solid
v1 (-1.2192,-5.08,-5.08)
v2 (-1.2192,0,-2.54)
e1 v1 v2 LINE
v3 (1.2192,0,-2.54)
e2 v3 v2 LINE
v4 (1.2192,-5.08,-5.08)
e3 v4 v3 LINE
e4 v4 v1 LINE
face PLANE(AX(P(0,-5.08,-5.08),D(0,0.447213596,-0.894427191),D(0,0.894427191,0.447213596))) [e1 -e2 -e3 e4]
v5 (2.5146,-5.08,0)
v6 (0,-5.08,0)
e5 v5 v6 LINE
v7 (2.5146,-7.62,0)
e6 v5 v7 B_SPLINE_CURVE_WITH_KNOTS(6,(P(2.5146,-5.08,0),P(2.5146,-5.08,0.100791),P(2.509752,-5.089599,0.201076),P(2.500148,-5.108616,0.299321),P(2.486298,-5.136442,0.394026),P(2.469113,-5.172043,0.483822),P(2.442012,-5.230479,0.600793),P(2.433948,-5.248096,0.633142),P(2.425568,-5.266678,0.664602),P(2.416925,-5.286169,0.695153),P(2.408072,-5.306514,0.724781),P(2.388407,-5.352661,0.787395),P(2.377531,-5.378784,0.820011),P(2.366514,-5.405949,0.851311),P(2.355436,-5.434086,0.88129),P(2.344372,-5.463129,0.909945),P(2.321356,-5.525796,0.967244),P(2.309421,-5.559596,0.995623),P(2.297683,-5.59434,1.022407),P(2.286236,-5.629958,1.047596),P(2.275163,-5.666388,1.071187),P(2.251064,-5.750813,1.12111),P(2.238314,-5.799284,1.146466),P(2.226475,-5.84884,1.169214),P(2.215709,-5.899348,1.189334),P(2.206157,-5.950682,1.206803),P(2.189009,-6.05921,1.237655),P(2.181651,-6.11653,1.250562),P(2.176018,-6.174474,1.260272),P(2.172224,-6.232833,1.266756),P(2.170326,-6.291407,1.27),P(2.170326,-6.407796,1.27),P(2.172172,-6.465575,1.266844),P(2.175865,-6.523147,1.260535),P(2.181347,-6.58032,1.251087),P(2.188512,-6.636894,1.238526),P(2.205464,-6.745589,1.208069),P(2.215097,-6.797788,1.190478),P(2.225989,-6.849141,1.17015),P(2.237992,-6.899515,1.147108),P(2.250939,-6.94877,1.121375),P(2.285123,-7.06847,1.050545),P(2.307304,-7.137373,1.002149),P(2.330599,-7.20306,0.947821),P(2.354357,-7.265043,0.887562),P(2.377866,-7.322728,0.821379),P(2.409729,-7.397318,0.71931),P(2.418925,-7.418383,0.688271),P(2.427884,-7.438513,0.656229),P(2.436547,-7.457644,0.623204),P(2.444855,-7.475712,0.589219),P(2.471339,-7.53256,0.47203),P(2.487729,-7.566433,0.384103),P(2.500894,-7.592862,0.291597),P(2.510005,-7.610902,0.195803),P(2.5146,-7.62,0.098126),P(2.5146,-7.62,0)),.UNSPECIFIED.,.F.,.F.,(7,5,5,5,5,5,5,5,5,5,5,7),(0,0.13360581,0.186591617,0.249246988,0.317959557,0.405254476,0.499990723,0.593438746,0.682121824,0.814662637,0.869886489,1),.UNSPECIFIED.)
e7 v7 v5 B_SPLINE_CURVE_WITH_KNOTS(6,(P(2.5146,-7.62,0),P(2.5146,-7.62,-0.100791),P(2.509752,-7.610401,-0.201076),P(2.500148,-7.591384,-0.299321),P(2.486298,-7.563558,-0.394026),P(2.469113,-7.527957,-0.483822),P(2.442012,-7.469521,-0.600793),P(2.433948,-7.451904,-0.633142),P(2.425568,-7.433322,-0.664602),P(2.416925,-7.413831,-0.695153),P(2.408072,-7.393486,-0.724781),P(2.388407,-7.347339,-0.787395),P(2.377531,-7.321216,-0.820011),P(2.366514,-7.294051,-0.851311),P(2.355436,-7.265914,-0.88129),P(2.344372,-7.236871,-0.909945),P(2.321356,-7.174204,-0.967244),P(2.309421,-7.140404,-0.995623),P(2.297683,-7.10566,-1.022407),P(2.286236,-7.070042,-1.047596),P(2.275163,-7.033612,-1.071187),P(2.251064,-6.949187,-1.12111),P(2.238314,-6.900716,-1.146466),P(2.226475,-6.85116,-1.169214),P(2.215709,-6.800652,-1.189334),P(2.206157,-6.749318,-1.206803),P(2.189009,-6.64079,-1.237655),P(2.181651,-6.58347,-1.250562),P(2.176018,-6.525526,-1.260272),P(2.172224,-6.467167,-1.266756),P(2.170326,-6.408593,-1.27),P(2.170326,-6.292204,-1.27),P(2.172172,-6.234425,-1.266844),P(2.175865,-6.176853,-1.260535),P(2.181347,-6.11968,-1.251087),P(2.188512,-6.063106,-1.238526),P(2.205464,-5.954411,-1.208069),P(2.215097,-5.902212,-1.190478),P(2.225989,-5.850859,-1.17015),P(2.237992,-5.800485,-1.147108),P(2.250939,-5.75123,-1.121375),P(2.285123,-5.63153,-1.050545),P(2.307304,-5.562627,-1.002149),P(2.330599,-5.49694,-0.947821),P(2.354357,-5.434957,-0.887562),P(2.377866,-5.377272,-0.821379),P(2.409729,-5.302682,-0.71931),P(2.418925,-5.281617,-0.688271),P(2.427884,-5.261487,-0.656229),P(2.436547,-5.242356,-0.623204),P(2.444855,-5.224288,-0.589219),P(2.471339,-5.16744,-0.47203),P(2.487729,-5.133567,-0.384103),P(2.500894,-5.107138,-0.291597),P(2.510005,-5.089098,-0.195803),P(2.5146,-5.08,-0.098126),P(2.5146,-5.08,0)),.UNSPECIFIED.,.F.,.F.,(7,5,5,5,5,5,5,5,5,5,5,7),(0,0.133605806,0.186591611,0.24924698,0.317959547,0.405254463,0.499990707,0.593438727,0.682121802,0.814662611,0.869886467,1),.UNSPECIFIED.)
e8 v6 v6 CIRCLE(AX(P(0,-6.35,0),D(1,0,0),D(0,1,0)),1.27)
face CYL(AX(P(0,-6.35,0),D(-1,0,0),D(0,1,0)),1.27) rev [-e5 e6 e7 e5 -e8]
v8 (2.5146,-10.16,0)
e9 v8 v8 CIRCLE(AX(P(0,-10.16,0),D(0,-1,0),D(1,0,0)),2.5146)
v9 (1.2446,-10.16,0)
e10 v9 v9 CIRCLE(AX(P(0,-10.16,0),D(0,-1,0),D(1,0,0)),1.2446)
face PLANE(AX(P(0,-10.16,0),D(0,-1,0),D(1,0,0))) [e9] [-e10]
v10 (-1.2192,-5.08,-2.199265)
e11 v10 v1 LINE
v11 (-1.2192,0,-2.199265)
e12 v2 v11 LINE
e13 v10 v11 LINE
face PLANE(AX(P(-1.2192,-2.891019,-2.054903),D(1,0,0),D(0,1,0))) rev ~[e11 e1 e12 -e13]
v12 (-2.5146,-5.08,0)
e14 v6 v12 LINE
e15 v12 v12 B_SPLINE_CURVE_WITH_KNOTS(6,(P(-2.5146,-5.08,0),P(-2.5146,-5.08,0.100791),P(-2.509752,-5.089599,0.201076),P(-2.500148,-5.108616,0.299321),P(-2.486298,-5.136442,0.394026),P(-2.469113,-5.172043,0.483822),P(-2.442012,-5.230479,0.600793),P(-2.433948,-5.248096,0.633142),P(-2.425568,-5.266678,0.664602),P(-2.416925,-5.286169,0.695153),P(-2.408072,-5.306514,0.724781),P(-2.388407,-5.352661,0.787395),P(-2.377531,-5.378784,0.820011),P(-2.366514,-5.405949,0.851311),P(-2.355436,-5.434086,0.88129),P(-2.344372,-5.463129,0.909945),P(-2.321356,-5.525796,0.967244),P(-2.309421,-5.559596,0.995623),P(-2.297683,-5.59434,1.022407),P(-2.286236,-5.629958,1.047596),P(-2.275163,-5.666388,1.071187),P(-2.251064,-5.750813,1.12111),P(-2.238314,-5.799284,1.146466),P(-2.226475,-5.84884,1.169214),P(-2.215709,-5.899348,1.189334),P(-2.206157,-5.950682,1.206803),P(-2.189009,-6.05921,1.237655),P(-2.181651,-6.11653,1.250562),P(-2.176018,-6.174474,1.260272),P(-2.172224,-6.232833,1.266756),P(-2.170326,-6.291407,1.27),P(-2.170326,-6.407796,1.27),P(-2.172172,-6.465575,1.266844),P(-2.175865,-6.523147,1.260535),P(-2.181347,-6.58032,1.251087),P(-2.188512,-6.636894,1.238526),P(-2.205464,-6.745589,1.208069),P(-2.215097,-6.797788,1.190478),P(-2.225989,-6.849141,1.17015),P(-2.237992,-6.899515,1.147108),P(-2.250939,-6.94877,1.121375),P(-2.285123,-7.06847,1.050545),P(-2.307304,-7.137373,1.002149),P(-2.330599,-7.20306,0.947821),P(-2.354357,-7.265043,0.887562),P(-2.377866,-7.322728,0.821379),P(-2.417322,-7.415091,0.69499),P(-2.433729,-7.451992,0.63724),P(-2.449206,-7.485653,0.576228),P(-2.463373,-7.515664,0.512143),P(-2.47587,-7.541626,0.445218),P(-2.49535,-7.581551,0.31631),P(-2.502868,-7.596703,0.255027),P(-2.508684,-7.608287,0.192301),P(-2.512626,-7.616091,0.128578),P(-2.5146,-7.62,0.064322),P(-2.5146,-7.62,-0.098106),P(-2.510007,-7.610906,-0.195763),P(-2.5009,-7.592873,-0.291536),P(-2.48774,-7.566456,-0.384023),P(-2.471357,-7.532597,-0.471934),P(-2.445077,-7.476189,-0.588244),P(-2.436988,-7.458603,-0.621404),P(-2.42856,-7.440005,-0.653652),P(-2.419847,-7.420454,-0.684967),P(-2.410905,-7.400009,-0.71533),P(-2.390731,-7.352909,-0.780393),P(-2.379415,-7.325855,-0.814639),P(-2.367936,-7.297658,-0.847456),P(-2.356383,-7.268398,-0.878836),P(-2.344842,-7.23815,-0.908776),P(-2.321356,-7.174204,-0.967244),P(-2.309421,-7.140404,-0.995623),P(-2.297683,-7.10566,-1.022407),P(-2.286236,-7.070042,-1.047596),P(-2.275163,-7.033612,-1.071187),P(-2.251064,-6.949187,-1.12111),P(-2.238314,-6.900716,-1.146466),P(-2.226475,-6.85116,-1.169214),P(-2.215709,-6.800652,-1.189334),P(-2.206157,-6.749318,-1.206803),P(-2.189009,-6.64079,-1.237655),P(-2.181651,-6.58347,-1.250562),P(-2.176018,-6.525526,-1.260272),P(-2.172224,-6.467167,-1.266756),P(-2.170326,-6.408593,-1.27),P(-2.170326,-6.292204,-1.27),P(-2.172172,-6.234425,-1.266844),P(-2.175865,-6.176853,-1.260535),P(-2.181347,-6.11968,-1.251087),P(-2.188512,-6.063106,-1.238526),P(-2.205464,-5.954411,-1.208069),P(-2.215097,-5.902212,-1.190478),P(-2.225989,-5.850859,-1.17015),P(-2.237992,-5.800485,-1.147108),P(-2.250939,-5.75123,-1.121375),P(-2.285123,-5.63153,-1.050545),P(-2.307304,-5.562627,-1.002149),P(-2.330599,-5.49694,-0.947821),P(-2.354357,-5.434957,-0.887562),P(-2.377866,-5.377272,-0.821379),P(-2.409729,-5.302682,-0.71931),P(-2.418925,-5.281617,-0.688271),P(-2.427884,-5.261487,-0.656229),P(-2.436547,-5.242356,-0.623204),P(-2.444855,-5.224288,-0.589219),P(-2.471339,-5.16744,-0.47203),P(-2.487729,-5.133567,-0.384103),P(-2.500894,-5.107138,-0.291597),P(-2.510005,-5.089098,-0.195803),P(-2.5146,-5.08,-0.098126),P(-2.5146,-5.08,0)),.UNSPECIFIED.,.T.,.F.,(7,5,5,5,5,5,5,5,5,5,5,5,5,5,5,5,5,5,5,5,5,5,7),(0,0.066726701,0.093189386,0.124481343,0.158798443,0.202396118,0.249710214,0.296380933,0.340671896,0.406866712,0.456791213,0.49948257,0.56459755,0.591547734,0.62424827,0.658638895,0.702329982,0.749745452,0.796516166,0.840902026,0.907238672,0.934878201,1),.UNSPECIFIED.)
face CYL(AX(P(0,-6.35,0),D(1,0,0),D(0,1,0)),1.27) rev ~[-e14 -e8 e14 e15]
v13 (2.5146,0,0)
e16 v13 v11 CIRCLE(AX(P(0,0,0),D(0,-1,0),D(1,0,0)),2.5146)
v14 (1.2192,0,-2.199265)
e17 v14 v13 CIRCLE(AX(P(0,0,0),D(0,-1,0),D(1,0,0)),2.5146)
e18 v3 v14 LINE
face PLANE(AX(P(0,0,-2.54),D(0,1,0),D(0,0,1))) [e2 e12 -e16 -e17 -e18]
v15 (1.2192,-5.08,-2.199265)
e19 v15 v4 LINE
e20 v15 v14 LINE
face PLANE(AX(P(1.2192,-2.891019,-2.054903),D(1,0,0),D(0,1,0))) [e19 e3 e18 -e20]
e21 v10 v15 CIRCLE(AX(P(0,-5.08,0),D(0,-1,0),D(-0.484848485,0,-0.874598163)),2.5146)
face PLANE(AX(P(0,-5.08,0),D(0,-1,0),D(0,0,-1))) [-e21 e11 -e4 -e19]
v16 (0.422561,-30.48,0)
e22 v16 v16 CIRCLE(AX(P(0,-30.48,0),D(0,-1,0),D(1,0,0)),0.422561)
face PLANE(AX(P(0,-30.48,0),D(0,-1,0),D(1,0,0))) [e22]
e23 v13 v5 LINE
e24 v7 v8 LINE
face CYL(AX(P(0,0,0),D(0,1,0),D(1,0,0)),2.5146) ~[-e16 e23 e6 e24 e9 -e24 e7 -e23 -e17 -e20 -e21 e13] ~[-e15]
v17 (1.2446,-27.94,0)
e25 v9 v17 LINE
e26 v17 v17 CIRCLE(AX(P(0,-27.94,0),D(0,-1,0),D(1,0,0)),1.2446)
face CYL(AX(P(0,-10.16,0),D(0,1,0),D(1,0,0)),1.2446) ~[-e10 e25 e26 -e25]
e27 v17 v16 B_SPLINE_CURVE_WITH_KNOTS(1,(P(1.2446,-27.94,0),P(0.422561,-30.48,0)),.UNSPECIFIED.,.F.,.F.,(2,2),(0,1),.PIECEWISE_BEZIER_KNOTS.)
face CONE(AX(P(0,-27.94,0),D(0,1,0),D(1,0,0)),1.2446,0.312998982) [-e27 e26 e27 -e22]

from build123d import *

# Parameters (mm, degrees)
F0_R      = 2.5146
F1_DEPTH  = 10.16
F2_R      = 1.2446
F3_DEPTH  = 17.78
F3_FACE_R = 1.2446
F5_R      = 0.422561
F7_R      = 1.27
F8_DEPTH  = 25.4
F9_DEPTH  = 25.4
F11_DEPTH = 1.2192
F12_DEPTH = 1.2192


with BuildPart() as f1:
    # F0 (on Front) → F1 (new body)
    with BuildSketch(Plane.XZ):
        Circle(F0_R)
    extrude(amount=F1_DEPTH)

    # F2 (on face) → F3 (join)
    with BuildSketch(Plane.XZ.offset(10.16)):
        Circle(F2_R)
    extrude(amount=F3_DEPTH)

    # F3_face (on face) → F6 section 0
    with BuildSketch(Plane.XZ.offset(27.94)):
        Circle(F3_FACE_R)
    # F5 (on offset) → F6 section 1
    with BuildSketch(Plane.XZ.offset(30.48)):
        Circle(F5_R)
    loft()

    # F7 (on Right) → F8 (cut)
    with BuildSketch(Plane.YZ):
        with Locations((-6.35, 0)):
            Circle(F7_R)
    extrude(amount=-F8_DEPTH, mode=Mode.SUBTRACT)

    # F7 (on Right) → F9 (cut)
    with BuildSketch(Plane.YZ):
        with Locations((-6.35, 0)):
            Circle(F7_R)
    extrude(amount=F9_DEPTH, mode=Mode.SUBTRACT)

    # F10 (on Right) → F11 (join)
    with BuildSketch(Plane.YZ):
        Polygon((0, -2.54), (0, 0), (-5.08, 0), (-5.08, -2.54), (-5.08, -5.08), align=None)
    extrude(amount=F11_DEPTH)

    # F10 (on Right) → F12 (join)
    with BuildSketch(Plane.YZ):
        Polygon((0, -2.54), (0, 0), (-5.08, 0), (-5.08, -2.54), (-5.08, -5.08), align=None)
    extrude(amount=-F12_DEPTH)


solid = f1.part
